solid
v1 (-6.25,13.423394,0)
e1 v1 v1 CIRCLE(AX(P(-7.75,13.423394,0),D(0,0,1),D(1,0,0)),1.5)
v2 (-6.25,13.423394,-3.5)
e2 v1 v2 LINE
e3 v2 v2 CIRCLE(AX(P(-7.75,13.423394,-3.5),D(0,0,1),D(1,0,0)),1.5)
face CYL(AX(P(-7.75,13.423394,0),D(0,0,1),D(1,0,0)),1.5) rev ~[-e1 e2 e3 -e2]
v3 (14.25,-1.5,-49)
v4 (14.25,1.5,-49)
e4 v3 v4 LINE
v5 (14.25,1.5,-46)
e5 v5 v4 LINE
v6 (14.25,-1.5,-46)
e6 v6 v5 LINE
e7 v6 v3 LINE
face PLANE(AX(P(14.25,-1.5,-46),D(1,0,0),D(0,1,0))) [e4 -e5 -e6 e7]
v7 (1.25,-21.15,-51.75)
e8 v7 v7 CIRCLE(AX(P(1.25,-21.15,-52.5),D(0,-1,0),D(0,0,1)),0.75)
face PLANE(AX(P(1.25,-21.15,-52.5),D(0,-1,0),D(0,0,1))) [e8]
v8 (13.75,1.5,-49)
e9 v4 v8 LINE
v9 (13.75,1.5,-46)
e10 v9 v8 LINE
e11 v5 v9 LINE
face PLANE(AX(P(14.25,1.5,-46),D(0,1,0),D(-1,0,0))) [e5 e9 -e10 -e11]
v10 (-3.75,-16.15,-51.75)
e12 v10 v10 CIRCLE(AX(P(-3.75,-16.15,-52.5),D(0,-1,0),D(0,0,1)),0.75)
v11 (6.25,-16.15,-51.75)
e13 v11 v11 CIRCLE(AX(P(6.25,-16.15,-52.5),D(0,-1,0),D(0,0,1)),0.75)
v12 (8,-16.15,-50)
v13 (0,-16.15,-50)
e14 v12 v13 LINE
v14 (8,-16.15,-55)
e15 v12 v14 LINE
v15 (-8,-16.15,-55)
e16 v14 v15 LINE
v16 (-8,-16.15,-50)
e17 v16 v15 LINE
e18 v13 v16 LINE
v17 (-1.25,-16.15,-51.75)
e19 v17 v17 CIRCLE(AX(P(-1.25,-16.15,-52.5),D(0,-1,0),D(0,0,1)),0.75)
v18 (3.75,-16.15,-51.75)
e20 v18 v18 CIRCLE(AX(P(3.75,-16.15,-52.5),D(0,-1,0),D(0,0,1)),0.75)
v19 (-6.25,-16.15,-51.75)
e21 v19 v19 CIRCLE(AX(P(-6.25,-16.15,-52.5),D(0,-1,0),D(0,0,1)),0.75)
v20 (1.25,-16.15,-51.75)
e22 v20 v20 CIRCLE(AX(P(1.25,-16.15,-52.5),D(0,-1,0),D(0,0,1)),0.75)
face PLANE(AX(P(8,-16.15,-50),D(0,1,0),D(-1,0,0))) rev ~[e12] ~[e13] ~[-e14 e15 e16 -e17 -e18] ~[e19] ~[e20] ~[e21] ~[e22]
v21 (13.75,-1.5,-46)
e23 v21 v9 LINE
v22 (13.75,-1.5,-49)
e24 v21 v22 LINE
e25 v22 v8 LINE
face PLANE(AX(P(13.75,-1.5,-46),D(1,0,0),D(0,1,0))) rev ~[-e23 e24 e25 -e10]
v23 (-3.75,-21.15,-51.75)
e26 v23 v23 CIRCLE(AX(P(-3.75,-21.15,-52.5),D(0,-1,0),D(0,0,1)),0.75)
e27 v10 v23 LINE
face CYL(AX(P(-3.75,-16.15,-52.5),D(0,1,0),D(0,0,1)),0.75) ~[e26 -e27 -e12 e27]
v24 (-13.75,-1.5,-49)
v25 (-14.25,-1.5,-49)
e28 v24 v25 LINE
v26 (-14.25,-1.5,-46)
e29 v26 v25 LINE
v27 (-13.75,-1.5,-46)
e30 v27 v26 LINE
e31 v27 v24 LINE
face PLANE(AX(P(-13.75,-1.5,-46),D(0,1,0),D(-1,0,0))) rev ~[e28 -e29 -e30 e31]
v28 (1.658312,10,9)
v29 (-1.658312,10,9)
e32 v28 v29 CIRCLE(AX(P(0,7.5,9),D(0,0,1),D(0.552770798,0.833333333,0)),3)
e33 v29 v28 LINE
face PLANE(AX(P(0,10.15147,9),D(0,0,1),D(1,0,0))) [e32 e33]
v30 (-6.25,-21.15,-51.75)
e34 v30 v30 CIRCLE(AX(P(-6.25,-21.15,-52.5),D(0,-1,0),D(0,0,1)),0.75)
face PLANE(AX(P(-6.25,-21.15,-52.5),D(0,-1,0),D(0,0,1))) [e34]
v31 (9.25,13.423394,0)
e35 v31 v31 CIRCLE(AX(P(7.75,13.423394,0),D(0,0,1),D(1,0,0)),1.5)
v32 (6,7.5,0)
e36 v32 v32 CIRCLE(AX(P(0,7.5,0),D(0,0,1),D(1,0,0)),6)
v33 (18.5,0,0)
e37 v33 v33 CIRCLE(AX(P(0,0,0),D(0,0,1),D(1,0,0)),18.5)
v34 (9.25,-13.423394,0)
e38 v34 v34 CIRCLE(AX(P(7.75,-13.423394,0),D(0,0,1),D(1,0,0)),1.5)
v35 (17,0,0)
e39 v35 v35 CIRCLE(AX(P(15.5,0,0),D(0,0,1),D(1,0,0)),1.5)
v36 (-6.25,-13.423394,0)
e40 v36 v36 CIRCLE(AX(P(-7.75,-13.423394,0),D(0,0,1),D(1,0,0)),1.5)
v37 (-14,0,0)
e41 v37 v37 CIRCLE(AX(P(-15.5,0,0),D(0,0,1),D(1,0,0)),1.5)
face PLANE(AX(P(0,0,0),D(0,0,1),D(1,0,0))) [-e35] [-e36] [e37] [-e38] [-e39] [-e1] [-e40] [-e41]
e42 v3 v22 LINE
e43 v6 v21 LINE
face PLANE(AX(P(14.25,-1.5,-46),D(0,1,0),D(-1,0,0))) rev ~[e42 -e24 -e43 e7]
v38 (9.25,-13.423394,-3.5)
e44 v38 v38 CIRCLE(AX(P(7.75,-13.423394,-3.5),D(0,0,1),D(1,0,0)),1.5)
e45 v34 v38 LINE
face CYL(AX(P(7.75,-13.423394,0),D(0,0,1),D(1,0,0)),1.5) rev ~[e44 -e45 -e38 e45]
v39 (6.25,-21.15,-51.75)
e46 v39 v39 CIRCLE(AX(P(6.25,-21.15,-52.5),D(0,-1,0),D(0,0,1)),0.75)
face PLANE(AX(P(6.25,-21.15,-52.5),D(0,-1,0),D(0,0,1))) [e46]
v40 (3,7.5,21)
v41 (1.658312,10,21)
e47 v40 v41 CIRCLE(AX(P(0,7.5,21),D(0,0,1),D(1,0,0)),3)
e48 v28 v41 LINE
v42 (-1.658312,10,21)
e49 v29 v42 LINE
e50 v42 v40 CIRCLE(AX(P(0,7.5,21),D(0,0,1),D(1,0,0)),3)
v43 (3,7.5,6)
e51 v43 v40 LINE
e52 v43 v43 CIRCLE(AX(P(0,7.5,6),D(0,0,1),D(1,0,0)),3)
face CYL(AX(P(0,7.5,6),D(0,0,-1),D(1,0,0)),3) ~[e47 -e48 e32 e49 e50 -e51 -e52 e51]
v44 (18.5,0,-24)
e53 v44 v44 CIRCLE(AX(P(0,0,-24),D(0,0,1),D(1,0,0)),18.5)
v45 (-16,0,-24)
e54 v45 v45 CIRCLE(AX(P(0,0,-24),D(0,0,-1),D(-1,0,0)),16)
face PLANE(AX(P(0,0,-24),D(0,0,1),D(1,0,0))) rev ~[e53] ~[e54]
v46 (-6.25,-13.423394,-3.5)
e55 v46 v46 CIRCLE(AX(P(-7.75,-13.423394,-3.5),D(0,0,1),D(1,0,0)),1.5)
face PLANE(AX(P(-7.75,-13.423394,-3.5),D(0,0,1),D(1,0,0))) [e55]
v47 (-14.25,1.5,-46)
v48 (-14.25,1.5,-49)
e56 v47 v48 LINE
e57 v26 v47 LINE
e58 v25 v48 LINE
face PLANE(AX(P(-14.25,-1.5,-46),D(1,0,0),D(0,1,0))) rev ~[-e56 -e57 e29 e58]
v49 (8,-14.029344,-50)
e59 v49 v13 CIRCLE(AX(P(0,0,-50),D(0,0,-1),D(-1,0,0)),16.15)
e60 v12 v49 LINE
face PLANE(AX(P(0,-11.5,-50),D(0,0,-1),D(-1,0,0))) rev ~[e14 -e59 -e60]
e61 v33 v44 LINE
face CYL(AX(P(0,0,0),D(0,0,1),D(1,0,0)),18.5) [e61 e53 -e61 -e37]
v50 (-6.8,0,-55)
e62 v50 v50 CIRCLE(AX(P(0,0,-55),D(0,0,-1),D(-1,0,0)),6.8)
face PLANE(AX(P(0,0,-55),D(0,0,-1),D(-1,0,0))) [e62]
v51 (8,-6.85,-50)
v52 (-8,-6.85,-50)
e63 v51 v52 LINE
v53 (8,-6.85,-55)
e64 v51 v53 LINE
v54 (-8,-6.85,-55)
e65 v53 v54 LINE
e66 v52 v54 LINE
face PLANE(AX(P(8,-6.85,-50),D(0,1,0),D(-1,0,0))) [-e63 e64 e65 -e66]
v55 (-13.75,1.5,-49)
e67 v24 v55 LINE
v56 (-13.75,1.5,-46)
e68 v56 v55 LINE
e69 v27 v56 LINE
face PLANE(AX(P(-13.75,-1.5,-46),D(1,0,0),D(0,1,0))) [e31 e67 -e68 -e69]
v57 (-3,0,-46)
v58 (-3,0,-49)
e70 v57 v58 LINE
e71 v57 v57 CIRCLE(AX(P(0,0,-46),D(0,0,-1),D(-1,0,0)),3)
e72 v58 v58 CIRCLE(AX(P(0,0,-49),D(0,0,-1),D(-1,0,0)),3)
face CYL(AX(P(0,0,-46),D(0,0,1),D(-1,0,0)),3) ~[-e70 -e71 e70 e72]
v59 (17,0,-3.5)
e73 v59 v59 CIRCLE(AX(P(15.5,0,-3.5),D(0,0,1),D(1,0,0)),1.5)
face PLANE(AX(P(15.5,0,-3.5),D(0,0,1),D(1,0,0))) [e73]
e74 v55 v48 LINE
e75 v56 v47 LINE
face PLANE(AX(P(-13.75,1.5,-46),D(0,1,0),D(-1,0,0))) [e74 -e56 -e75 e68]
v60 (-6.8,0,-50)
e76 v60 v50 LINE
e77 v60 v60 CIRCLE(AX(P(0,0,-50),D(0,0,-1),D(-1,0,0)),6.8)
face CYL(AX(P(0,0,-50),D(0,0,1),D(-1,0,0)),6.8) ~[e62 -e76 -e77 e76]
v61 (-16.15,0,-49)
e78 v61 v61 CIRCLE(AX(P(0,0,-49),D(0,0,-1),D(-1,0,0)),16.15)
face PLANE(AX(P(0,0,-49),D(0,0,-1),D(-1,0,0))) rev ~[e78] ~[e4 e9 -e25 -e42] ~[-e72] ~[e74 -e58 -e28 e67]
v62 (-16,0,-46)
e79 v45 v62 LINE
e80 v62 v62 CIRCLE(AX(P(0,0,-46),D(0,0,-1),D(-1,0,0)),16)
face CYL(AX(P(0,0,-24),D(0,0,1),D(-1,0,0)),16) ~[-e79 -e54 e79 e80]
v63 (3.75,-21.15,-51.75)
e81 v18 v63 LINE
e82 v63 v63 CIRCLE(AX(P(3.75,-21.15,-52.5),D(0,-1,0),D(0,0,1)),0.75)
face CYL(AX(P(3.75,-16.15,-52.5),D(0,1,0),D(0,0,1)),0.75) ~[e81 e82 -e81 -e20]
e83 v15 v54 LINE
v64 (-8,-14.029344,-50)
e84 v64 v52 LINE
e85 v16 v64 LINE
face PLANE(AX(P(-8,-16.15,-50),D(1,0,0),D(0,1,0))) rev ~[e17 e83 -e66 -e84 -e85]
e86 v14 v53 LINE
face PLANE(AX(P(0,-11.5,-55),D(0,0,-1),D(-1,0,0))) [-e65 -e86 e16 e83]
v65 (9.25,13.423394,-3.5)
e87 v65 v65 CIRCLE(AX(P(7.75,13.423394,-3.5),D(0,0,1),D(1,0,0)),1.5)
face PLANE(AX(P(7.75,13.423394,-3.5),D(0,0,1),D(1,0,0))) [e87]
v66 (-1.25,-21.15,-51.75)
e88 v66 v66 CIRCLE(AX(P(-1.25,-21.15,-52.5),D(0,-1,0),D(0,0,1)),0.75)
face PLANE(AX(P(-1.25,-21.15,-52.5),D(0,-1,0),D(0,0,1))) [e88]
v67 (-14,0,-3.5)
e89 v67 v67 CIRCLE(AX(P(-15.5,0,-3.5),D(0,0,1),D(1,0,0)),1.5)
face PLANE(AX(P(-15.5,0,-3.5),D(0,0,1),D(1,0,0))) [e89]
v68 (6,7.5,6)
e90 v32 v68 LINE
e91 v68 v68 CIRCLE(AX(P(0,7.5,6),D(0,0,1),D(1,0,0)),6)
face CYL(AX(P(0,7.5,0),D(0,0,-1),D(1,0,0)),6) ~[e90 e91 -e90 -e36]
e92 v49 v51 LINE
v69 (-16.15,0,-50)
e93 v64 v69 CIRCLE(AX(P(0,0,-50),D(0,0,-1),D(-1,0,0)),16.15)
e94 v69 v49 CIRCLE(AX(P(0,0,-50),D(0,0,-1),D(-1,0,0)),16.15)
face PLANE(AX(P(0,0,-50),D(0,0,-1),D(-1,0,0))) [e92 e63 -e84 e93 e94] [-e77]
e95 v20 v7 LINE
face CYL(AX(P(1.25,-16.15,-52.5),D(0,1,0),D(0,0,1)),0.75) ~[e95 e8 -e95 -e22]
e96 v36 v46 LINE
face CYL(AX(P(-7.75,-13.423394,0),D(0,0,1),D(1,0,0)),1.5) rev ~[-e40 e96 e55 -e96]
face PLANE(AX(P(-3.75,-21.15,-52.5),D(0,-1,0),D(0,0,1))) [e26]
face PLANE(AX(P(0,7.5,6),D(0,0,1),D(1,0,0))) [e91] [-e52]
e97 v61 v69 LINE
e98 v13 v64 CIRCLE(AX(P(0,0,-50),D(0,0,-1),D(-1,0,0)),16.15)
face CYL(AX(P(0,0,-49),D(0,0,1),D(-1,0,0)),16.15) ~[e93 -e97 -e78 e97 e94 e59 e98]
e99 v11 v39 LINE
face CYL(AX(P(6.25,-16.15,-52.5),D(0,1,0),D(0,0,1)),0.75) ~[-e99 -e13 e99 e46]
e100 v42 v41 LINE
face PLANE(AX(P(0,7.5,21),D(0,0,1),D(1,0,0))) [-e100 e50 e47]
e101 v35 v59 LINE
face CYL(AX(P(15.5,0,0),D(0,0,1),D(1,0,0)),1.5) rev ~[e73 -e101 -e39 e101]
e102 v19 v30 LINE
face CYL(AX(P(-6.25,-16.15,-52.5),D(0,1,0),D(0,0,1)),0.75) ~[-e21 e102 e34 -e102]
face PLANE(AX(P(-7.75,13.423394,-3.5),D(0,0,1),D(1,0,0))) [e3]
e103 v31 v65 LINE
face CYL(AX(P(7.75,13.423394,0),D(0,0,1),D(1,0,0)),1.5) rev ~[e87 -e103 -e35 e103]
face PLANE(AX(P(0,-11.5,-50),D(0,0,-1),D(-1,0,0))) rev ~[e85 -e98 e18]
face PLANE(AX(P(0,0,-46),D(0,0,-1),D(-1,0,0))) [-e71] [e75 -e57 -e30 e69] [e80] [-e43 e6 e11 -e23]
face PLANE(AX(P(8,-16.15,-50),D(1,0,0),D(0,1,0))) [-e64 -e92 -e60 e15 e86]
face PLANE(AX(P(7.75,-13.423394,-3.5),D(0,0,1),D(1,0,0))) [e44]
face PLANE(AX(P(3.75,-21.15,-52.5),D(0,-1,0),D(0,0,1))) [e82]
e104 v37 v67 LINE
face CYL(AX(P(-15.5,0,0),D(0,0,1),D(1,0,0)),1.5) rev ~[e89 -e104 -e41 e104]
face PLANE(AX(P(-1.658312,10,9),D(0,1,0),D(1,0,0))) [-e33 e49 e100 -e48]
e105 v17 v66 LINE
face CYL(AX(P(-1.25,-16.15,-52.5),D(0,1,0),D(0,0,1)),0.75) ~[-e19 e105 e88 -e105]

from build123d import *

# Parameters (mm, degrees)
SKETCH_2_R          = 18.5
EXTRUDE_1_DEPTH     = 24
SKETCH_3_R          = 16
EXTRUDE_2_DEPTH     = 22
SKETCH_4_R          = 3
SKETCH_4_W          = 0.5
SKETCH_4_H          = 3
EXTRUDE_3_DEPTH     = 3
SKETCH_5_R          = 16.15
EXTRUDE_4_DEPTH     = 1
SKETCH_6_R          = 6.8
SKETCH_6_W          = 16
SKETCH_6_H          = 9.3
EXTRUDE_7_DEPTH     = 5
SKETCH_7_R          = 0.75
EXTRUDE_8_DEPTH     = 5
SKETCH_8_R          = 6
EXTRUDE_9_DEPTH     = 6
SKETCH_9_R          = 3
EXTRUDE_10_DEPTH    = 15
CUT_EXTRUDE_START   = -12
CUT_EXTRUDE_1_DEPTH = 12
SKETCH_11_R         = 1.5
CUT_EXTRUDE_2_DEPTH = 3.5


with BuildPart() as part:
    # 스케치2 → 보스-돌출1 (new body)
    with BuildSketch(Plane.XY):
        Circle(SKETCH_2_R)
    extrude(amount=-EXTRUDE_1_DEPTH)

    # 스케치3 → 보스-돌출2 (add)
    with BuildSketch(Plane(origin=(0, 0, -24), x_dir=(-1, 0, 0), z_dir=(0, 0, -1))):
        Circle(SKETCH_3_R)
    extrude(amount=EXTRUDE_2_DEPTH)

    # 스케치4 → 보스-돌출3 (add)
    with BuildSketch(Plane(origin=(0, 0, -46), x_dir=(-1, 0, 0), z_dir=(0, 0, -1))):
        Circle(SKETCH_4_R)
        with Locations((14, 0)):
            Rectangle(SKETCH_4_W, SKETCH_4_H)
        with Locations((-14, 0)):
            Rectangle(SKETCH_4_W, SKETCH_4_H)
    extrude(amount=EXTRUDE_3_DEPTH)

    # 스케치5 → 보스-돌출4 (add)
    with BuildSketch(Plane(origin=(0, 0, -49), x_dir=(-1, 0, 0), z_dir=(0, 0, -1))):
        Circle(SKETCH_5_R)
    extrude(amount=EXTRUDE_4_DEPTH)

    # 스케치6 → 보스-돌출7 (add)
    with BuildSketch(Plane(origin=(0, 0, -50), x_dir=(-1, 0, 0), z_dir=(0, 0, -1))):
        Circle(SKETCH_6_R)
        with Locations((0, -11.5)):
            Rectangle(SKETCH_6_W, SKETCH_6_H)
    extrude(amount=EXTRUDE_7_DEPTH)

    # 스케치7 → 보스-돌출8 (add)
    with BuildSketch(Plane.XZ.offset(16.15)):
        with Locations(Location((-6.25, -52.5, 0), (0, 0, 90))):
            Circle(SKETCH_7_R)
        with Locations(Location((-3.75, -52.5, 0), (0, 0, 90))):
            Circle(SKETCH_7_R)
        with Locations(Location((-1.25, -52.5, 0), (0, 0, 90))):
            Circle(SKETCH_7_R)
        with Locations(Location((1.25, -52.5, 0), (0, 0, 90))):
            Circle(SKETCH_7_R)
        with Locations(Location((3.75, -52.5, 0), (0, 0, 90))):
            Circle(SKETCH_7_R)
        with Locations(Location((6.25, -52.5, 0), (0, 0, 90))):
            Circle(SKETCH_7_R)
    extrude(amount=EXTRUDE_8_DEPTH)

    # 스케치8 → 보스-돌출9 (add)
    with BuildSketch(Plane.XY):
        with Locations((0, 7.5)):
            Circle(SKETCH_8_R)
    extrude(amount=EXTRUDE_9_DEPTH)

    # 스케치9 → 보스-돌출10 (add)
    with BuildSketch(Plane.XY.offset(6)):
        with Locations((0, 7.5)):
            Circle(SKETCH_9_R)
    extrude(amount=EXTRUDE_10_DEPTH)

    # 스케치10 → 컷-돌출1 (cut)
    with BuildSketch(Plane.XY.offset(21).offset(CUT_EXTRUDE_START)):
        with BuildLine():
            Line((-1.658312395, 10), (1.658312395, 10))
            ThreePointArc((1.658312395, 10), (0, 10.5), (-1.658312395, 10))
        make_face()
    extrude(amount=CUT_EXTRUDE_1_DEPTH, mode=Mode.SUBTRACT)

    # 스케치11 → 컷-돌출2 (cut)
    with BuildSketch(Plane.XY):
        with Locations((15.5, 0)):
            Circle(SKETCH_11_R)
        with Locations((7.75, -13.423393759)):
            Circle(SKETCH_11_R)
        with Locations((-7.75, -13.423393759)):
            Circle(SKETCH_11_R)
        with Locations((-15.5, 0)):
            Circle(SKETCH_11_R)
        with Locations((-7.75, 13.423393759)):
            Circle(SKETCH_11_R)
        with Locations((7.75, 13.423393759)):
            Circle(SKETCH_11_R)
    extrude(amount=-CUT_EXTRUDE_2_DEPTH, mode=Mode.SUBTRACT)


solid = part.part
